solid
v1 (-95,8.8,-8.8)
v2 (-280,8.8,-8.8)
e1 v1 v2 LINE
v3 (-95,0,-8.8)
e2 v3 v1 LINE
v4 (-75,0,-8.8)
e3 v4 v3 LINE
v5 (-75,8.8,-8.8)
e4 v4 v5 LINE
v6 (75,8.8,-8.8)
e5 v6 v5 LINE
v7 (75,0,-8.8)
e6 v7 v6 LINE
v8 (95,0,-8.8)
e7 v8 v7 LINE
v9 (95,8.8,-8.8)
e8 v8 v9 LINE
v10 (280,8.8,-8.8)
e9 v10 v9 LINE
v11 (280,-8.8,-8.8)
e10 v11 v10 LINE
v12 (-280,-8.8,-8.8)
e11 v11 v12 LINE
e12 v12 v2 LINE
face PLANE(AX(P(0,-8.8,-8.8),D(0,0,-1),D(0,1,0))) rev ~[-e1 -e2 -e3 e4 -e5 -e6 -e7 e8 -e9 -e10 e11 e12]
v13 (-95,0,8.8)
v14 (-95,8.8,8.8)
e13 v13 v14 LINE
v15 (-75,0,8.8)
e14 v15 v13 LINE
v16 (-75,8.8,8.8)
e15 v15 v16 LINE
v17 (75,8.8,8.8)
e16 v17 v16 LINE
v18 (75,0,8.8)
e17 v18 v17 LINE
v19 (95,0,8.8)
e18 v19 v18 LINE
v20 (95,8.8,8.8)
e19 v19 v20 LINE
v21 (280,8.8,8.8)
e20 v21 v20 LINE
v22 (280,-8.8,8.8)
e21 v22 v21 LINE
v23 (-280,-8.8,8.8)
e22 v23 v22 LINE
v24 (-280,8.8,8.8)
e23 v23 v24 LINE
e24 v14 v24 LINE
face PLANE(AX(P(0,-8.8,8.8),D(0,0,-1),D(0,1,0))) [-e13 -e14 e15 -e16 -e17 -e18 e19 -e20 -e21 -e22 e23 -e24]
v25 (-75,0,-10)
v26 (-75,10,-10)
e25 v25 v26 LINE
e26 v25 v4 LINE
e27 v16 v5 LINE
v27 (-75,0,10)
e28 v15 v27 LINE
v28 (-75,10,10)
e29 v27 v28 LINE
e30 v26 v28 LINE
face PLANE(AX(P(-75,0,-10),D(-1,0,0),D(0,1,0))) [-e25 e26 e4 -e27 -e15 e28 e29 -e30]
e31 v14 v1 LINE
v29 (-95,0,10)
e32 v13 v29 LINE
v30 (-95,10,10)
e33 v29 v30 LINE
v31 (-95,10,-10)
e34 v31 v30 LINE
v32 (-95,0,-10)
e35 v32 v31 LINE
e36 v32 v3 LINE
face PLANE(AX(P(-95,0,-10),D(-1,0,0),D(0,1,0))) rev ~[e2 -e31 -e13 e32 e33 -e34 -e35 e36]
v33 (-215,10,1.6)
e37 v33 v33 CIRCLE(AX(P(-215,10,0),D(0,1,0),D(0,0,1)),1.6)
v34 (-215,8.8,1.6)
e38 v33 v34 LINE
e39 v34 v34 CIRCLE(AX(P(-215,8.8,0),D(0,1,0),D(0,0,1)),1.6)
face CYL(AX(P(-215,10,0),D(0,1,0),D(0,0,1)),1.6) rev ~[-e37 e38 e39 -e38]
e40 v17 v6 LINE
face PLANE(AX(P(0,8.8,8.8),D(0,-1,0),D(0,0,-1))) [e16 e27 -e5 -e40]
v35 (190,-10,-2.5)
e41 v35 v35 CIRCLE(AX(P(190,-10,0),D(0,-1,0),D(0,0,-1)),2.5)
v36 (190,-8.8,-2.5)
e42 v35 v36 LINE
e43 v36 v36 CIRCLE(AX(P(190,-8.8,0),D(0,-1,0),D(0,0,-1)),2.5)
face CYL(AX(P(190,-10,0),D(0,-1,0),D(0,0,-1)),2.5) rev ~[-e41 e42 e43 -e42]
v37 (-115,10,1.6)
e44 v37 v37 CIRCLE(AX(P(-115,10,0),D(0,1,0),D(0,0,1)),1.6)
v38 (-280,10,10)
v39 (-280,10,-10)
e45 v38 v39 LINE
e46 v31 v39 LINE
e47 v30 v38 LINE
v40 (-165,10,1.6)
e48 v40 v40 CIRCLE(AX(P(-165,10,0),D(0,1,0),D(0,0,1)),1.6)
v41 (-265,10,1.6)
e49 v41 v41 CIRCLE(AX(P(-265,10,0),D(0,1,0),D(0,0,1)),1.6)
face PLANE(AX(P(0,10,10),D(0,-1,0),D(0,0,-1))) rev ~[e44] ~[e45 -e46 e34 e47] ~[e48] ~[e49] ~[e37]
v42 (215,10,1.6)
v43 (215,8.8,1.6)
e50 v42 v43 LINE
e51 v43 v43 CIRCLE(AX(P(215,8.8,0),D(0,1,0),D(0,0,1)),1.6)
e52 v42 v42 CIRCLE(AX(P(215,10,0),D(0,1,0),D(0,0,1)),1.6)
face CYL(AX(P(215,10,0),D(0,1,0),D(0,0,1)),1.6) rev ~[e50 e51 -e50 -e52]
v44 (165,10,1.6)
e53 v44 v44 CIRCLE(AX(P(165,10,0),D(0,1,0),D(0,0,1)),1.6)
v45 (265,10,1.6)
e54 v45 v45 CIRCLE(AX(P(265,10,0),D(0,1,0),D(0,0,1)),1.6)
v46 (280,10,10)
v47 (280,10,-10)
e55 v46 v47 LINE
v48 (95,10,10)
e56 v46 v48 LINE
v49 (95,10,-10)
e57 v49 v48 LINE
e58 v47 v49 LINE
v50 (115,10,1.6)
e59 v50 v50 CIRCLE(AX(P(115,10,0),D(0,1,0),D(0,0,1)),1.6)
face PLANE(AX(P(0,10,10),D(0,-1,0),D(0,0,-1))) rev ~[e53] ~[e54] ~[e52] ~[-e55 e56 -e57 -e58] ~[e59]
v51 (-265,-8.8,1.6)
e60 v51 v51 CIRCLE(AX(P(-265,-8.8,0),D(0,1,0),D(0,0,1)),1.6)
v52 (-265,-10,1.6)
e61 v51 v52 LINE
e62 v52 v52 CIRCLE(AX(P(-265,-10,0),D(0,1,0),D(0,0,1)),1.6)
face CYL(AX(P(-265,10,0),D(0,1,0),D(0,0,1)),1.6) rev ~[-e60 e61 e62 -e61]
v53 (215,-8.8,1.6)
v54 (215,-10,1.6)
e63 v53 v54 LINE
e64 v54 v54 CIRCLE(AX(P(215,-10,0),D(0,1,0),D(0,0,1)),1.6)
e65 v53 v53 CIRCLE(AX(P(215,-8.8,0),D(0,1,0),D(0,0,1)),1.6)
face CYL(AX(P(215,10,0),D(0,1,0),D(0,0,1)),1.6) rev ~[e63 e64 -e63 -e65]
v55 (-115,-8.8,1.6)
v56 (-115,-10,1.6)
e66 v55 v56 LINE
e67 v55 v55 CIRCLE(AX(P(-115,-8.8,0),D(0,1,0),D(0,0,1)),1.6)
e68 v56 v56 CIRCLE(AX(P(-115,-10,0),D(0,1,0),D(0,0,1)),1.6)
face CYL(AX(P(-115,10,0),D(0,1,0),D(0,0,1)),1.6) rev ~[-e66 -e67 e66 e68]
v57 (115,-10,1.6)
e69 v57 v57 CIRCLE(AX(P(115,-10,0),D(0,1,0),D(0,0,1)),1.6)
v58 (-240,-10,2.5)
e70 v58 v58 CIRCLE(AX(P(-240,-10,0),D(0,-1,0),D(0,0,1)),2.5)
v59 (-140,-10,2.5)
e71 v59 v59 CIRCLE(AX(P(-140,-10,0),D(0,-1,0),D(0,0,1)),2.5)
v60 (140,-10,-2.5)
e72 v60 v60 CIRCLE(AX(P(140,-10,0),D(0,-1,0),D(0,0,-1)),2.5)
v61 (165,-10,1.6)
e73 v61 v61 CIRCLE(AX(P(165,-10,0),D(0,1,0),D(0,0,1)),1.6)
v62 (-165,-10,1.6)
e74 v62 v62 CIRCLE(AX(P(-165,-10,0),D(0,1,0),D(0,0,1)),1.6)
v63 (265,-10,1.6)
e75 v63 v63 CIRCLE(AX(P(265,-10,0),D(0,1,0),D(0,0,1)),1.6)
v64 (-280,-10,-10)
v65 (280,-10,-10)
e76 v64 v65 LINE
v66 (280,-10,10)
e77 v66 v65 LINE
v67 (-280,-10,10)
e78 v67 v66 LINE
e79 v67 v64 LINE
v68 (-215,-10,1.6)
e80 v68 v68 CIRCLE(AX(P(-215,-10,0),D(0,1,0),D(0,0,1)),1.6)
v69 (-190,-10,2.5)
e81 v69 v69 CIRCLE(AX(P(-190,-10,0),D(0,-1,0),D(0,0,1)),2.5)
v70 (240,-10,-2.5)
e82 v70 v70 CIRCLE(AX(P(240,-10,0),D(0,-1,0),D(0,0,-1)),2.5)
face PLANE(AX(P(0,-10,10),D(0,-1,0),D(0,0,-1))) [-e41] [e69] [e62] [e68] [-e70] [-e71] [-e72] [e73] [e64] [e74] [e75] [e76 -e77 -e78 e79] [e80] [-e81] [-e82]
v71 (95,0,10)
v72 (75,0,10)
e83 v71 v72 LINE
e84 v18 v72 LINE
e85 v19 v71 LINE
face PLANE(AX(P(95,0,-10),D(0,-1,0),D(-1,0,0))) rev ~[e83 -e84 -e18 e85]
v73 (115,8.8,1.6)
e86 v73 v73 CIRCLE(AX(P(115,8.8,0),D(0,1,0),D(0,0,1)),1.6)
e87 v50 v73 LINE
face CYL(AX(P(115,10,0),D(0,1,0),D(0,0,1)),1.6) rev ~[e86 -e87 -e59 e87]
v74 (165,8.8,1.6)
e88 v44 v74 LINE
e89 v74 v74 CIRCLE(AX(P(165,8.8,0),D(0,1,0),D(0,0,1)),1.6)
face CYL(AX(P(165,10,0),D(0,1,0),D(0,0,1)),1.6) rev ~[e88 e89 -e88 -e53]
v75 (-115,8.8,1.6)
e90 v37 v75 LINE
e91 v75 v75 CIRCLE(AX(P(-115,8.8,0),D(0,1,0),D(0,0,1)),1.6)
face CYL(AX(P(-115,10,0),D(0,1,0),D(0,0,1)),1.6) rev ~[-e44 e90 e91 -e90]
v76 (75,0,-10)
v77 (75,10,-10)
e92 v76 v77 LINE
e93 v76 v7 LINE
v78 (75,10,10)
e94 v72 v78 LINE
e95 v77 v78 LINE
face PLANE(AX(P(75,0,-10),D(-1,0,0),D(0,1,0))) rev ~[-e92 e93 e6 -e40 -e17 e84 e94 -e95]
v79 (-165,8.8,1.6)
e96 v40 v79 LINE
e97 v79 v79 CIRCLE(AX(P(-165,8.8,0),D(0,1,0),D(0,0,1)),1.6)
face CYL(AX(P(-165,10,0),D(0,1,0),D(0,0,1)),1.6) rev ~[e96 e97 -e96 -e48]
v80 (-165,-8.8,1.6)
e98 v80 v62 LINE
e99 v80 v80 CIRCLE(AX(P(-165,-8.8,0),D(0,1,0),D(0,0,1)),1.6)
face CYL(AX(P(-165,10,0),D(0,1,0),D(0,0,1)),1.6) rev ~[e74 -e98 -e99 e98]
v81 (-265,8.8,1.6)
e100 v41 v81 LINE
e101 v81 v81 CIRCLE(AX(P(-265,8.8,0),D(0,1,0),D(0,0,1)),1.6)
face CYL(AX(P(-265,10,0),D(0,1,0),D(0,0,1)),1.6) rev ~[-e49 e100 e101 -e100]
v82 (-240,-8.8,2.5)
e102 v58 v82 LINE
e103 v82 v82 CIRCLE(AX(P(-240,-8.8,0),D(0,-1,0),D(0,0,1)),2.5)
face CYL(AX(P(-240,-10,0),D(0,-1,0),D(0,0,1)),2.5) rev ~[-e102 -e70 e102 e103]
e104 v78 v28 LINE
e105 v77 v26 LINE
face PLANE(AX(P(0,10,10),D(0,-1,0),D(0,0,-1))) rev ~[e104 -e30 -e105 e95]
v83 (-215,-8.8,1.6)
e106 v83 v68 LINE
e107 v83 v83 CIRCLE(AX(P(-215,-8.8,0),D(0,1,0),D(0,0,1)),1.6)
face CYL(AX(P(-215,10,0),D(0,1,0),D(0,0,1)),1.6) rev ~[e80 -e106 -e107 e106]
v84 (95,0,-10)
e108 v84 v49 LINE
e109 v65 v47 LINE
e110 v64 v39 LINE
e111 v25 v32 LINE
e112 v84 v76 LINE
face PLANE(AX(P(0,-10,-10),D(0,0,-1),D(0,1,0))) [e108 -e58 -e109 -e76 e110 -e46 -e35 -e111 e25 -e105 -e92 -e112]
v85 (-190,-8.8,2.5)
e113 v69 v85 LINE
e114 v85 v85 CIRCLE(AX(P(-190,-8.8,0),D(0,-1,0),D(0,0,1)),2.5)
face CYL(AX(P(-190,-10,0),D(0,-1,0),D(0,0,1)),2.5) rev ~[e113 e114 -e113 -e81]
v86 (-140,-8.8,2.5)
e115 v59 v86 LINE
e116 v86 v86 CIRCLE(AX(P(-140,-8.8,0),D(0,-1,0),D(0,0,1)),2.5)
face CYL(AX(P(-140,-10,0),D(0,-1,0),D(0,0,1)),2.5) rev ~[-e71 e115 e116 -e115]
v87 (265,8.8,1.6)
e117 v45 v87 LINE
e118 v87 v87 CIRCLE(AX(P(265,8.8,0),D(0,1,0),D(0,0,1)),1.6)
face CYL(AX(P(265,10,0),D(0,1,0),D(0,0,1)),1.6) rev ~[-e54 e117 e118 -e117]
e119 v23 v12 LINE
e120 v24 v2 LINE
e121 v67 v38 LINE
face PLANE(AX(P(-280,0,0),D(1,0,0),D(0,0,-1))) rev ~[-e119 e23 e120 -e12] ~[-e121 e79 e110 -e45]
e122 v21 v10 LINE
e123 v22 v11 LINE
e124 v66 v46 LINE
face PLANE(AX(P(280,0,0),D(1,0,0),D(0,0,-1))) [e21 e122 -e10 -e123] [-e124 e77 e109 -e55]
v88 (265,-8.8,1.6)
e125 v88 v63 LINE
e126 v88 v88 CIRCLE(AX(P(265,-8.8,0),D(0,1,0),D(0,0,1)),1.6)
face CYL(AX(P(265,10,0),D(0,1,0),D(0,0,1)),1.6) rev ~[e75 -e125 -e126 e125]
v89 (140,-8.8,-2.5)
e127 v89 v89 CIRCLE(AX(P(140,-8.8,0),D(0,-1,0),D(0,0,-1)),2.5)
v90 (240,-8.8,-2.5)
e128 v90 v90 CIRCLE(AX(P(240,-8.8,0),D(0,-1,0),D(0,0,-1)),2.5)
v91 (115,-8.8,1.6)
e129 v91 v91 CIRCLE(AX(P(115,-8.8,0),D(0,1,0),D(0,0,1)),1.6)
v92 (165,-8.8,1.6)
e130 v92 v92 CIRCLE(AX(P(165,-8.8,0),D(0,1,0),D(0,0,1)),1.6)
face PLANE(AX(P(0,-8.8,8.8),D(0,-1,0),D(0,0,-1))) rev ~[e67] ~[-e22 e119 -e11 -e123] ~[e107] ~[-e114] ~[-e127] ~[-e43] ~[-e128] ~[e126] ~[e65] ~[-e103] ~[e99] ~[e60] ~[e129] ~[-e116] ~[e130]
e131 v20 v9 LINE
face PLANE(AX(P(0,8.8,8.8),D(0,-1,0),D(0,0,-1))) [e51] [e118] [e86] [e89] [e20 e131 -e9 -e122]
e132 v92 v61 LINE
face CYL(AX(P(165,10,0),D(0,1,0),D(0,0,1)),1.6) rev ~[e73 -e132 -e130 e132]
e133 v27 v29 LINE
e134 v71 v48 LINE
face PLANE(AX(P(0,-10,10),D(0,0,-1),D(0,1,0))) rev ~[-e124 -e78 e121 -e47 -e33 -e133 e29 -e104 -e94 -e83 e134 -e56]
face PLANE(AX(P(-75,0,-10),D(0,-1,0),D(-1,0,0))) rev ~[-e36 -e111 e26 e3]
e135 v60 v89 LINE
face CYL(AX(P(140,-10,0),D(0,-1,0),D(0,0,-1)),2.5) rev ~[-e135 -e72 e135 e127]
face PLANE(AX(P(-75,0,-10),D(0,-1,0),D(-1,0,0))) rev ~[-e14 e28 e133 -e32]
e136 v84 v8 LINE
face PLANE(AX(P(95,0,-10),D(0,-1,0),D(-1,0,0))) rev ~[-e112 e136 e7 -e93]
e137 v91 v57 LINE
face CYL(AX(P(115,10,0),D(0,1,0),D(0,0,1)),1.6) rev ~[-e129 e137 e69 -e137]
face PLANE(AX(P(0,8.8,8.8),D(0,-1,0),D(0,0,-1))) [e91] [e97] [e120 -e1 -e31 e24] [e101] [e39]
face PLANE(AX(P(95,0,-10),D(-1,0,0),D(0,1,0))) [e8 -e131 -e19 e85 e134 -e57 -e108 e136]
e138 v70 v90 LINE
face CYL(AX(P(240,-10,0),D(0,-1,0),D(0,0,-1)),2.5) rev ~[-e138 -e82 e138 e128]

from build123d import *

# Parameters (mm, degrees)
SKETCH_1_W          = 20
SKETCH_1_H          = 20
SKETCH_1_W_2        = 17.6
SKETCH_1_H_2        = 17.6
EXTRUDE_1_DEPTH     = 280
SKETCH_2_W          = 20
SKETCH_2_H          = 10
CUT_EXTRUDE_1_DEPTH = 281.891438104
SKETCH_3_R          = 1.6
CUT_EXTRUDE_2_DEPTH = 281.891438104
CUT_EXTRUDE_3_REACH = 282.891
SKETCH_4_R          = 2.5


with BuildPart() as part:
    # 草图1 → 凸台-拉伸1 (new, symmetric)
    with BuildSketch(Plane(origin=(0, 0, 0), x_dir=(0, 0, -1), z_dir=(1, 0, 0))):
        Rectangle(SKETCH_1_W, SKETCH_1_H)
        Rectangle(SKETCH_1_W_2, SKETCH_1_H_2, mode=Mode.SUBTRACT)
    extrude(amount=EXTRUDE_1_DEPTH, both=True)

    # 草图2 → 切除-拉伸1 (cut, through all)
    with BuildSketch(Plane(origin=(0, 0, -10), x_dir=(-1, 0, 0), z_dir=(0, 0, -1))):
        with Locations((-85, 5)):
            Rectangle(SKETCH_2_W, SKETCH_2_H)
        with Locations((85, 5)):
            Rectangle(SKETCH_2_W, SKETCH_2_H)
    extrude(amount=-CUT_EXTRUDE_1_DEPTH, mode=Mode.SUBTRACT)

    # 草图3 → 切除-拉伸2 (cut, through all)
    with BuildSketch(Plane(origin=(0, 10, 0), x_dir=(1, 0, 0), z_dir=(0, 1, 0))):
        with Locations(Location((115, 0, 0), (0, 0, 270))):
            Circle(SKETCH_3_R)
        with Locations(Location((165, 0, 0), (0, 0, 270))):
            Circle(SKETCH_3_R)
        with Locations(Location((265, 0, 0), (0, 0, 270))):
            Circle(SKETCH_3_R)
        with Locations(Location((215, 0, 0), (0, 0, 270))):
            Circle(SKETCH_3_R)
        with Locations(Location((-215, 0, 0), (0, 0, 270))):
            Circle(SKETCH_3_R)
        with Locations(Location((-265, 0, 0), (0, 0, 270))):
            Circle(SKETCH_3_R)
        with Locations(Location((-115, 0, 0), (0, 0, 270))):
            Circle(SKETCH_3_R)
        with Locations(Location((-165, 0, 0), (0, 0, 270))):
            Circle(SKETCH_3_R)
    extrude(amount=-CUT_EXTRUDE_2_DEPTH, mode=Mode.SUBTRACT)

    # 草图4 → 切除-拉伸3 (cut, up to next)
    with BuildSketch(Plane.XZ.offset(10), mode=Mode.PRIVATE) as cut_extrude_3_sk1:
        with Locations(Location((240, 0, 0), (0, 0, 270))):
            Circle(SKETCH_4_R)
    cut_extrude_3_tool1 = extrude(cut_extrude_3_sk1.sketch, amount=-CUT_EXTRUDE_3_REACH, mode=Mode.PRIVATE) & part.part
    # 草图4 → 切除-拉伸3 (cut, up to next)
    with BuildSketch(Plane.XZ.offset(10), mode=Mode.PRIVATE) as cut_extrude_3_sk2:
        with Locations(Location((-240, 0, 0), (0, 0, 90))):
            Circle(SKETCH_4_R)
    cut_extrude_3_tool2 = extrude(cut_extrude_3_sk2.sketch, amount=-CUT_EXTRUDE_3_REACH, mode=Mode.PRIVATE) & part.part
    # 草图4 → 切除-拉伸3 (cut, up to next)
    with BuildSketch(Plane.XZ.offset(10), mode=Mode.PRIVATE) as cut_extrude_3_sk3:
        with Locations(Location((190, 0, 0), (0, 0, 270))):
            Circle(SKETCH_4_R)
    cut_extrude_3_tool3 = extrude(cut_extrude_3_sk3.sketch, amount=-CUT_EXTRUDE_3_REACH, mode=Mode.PRIVATE) & part.part
    # 草图4 → 切除-拉伸3 (cut, up to next)
    with BuildSketch(Plane.XZ.offset(10), mode=Mode.PRIVATE) as cut_extrude_3_sk4:
        with Locations(Location((140, 0, 0), (0, 0, 270))):
            Circle(SKETCH_4_R)
    cut_extrude_3_tool4 = extrude(cut_extrude_3_sk4.sketch, amount=-CUT_EXTRUDE_3_REACH, mode=Mode.PRIVATE) & part.part
    # 草图4 → 切除-拉伸3 (cut, up to next)
    with BuildSketch(Plane.XZ.offset(10), mode=Mode.PRIVATE) as cut_extrude_3_sk5:
        with Locations(Location((-140, 0, 0), (0, 0, 90))):
            Circle(SKETCH_4_R)
    cut_extrude_3_tool5 = extrude(cut_extrude_3_sk5.sketch, amount=-CUT_EXTRUDE_3_REACH, mode=Mode.PRIVATE) & part.part
    # 草图4 → 切除-拉伸3 (cut, up to next)
    with BuildSketch(Plane.XZ.offset(10), mode=Mode.PRIVATE) as cut_extrude_3_sk6:
        with Locations(Location((-190, 0, 0), (0, 0, 90))):
            Circle(SKETCH_4_R)
    cut_extrude_3_tool6 = extrude(cut_extrude_3_sk6.sketch, amount=-CUT_EXTRUDE_3_REACH, mode=Mode.PRIVATE) & part.part
    add(cut_extrude_3_tool1.solids().sort_by_distance((240, -10, 0))[0], mode=Mode.SUBTRACT)
    add(cut_extrude_3_tool2.solids().sort_by_distance((-240, -10, 0))[0], mode=Mode.SUBTRACT)
    add(cut_extrude_3_tool3.solids().sort_by_distance((190, -10, 0))[0], mode=Mode.SUBTRACT)
    add(cut_extrude_3_tool4.solids().sort_by_distance((140, -10, 0))[0], mode=Mode.SUBTRACT)
    add(cut_extrude_3_tool5.solids().sort_by_distance((-140, -10, 0))[0], mode=Mode.SUBTRACT)
    add(cut_extrude_3_tool6.solids().sort_by_distance((-190, -10, 0))[0], mode=Mode.SUBTRACT)


solid = part.part
